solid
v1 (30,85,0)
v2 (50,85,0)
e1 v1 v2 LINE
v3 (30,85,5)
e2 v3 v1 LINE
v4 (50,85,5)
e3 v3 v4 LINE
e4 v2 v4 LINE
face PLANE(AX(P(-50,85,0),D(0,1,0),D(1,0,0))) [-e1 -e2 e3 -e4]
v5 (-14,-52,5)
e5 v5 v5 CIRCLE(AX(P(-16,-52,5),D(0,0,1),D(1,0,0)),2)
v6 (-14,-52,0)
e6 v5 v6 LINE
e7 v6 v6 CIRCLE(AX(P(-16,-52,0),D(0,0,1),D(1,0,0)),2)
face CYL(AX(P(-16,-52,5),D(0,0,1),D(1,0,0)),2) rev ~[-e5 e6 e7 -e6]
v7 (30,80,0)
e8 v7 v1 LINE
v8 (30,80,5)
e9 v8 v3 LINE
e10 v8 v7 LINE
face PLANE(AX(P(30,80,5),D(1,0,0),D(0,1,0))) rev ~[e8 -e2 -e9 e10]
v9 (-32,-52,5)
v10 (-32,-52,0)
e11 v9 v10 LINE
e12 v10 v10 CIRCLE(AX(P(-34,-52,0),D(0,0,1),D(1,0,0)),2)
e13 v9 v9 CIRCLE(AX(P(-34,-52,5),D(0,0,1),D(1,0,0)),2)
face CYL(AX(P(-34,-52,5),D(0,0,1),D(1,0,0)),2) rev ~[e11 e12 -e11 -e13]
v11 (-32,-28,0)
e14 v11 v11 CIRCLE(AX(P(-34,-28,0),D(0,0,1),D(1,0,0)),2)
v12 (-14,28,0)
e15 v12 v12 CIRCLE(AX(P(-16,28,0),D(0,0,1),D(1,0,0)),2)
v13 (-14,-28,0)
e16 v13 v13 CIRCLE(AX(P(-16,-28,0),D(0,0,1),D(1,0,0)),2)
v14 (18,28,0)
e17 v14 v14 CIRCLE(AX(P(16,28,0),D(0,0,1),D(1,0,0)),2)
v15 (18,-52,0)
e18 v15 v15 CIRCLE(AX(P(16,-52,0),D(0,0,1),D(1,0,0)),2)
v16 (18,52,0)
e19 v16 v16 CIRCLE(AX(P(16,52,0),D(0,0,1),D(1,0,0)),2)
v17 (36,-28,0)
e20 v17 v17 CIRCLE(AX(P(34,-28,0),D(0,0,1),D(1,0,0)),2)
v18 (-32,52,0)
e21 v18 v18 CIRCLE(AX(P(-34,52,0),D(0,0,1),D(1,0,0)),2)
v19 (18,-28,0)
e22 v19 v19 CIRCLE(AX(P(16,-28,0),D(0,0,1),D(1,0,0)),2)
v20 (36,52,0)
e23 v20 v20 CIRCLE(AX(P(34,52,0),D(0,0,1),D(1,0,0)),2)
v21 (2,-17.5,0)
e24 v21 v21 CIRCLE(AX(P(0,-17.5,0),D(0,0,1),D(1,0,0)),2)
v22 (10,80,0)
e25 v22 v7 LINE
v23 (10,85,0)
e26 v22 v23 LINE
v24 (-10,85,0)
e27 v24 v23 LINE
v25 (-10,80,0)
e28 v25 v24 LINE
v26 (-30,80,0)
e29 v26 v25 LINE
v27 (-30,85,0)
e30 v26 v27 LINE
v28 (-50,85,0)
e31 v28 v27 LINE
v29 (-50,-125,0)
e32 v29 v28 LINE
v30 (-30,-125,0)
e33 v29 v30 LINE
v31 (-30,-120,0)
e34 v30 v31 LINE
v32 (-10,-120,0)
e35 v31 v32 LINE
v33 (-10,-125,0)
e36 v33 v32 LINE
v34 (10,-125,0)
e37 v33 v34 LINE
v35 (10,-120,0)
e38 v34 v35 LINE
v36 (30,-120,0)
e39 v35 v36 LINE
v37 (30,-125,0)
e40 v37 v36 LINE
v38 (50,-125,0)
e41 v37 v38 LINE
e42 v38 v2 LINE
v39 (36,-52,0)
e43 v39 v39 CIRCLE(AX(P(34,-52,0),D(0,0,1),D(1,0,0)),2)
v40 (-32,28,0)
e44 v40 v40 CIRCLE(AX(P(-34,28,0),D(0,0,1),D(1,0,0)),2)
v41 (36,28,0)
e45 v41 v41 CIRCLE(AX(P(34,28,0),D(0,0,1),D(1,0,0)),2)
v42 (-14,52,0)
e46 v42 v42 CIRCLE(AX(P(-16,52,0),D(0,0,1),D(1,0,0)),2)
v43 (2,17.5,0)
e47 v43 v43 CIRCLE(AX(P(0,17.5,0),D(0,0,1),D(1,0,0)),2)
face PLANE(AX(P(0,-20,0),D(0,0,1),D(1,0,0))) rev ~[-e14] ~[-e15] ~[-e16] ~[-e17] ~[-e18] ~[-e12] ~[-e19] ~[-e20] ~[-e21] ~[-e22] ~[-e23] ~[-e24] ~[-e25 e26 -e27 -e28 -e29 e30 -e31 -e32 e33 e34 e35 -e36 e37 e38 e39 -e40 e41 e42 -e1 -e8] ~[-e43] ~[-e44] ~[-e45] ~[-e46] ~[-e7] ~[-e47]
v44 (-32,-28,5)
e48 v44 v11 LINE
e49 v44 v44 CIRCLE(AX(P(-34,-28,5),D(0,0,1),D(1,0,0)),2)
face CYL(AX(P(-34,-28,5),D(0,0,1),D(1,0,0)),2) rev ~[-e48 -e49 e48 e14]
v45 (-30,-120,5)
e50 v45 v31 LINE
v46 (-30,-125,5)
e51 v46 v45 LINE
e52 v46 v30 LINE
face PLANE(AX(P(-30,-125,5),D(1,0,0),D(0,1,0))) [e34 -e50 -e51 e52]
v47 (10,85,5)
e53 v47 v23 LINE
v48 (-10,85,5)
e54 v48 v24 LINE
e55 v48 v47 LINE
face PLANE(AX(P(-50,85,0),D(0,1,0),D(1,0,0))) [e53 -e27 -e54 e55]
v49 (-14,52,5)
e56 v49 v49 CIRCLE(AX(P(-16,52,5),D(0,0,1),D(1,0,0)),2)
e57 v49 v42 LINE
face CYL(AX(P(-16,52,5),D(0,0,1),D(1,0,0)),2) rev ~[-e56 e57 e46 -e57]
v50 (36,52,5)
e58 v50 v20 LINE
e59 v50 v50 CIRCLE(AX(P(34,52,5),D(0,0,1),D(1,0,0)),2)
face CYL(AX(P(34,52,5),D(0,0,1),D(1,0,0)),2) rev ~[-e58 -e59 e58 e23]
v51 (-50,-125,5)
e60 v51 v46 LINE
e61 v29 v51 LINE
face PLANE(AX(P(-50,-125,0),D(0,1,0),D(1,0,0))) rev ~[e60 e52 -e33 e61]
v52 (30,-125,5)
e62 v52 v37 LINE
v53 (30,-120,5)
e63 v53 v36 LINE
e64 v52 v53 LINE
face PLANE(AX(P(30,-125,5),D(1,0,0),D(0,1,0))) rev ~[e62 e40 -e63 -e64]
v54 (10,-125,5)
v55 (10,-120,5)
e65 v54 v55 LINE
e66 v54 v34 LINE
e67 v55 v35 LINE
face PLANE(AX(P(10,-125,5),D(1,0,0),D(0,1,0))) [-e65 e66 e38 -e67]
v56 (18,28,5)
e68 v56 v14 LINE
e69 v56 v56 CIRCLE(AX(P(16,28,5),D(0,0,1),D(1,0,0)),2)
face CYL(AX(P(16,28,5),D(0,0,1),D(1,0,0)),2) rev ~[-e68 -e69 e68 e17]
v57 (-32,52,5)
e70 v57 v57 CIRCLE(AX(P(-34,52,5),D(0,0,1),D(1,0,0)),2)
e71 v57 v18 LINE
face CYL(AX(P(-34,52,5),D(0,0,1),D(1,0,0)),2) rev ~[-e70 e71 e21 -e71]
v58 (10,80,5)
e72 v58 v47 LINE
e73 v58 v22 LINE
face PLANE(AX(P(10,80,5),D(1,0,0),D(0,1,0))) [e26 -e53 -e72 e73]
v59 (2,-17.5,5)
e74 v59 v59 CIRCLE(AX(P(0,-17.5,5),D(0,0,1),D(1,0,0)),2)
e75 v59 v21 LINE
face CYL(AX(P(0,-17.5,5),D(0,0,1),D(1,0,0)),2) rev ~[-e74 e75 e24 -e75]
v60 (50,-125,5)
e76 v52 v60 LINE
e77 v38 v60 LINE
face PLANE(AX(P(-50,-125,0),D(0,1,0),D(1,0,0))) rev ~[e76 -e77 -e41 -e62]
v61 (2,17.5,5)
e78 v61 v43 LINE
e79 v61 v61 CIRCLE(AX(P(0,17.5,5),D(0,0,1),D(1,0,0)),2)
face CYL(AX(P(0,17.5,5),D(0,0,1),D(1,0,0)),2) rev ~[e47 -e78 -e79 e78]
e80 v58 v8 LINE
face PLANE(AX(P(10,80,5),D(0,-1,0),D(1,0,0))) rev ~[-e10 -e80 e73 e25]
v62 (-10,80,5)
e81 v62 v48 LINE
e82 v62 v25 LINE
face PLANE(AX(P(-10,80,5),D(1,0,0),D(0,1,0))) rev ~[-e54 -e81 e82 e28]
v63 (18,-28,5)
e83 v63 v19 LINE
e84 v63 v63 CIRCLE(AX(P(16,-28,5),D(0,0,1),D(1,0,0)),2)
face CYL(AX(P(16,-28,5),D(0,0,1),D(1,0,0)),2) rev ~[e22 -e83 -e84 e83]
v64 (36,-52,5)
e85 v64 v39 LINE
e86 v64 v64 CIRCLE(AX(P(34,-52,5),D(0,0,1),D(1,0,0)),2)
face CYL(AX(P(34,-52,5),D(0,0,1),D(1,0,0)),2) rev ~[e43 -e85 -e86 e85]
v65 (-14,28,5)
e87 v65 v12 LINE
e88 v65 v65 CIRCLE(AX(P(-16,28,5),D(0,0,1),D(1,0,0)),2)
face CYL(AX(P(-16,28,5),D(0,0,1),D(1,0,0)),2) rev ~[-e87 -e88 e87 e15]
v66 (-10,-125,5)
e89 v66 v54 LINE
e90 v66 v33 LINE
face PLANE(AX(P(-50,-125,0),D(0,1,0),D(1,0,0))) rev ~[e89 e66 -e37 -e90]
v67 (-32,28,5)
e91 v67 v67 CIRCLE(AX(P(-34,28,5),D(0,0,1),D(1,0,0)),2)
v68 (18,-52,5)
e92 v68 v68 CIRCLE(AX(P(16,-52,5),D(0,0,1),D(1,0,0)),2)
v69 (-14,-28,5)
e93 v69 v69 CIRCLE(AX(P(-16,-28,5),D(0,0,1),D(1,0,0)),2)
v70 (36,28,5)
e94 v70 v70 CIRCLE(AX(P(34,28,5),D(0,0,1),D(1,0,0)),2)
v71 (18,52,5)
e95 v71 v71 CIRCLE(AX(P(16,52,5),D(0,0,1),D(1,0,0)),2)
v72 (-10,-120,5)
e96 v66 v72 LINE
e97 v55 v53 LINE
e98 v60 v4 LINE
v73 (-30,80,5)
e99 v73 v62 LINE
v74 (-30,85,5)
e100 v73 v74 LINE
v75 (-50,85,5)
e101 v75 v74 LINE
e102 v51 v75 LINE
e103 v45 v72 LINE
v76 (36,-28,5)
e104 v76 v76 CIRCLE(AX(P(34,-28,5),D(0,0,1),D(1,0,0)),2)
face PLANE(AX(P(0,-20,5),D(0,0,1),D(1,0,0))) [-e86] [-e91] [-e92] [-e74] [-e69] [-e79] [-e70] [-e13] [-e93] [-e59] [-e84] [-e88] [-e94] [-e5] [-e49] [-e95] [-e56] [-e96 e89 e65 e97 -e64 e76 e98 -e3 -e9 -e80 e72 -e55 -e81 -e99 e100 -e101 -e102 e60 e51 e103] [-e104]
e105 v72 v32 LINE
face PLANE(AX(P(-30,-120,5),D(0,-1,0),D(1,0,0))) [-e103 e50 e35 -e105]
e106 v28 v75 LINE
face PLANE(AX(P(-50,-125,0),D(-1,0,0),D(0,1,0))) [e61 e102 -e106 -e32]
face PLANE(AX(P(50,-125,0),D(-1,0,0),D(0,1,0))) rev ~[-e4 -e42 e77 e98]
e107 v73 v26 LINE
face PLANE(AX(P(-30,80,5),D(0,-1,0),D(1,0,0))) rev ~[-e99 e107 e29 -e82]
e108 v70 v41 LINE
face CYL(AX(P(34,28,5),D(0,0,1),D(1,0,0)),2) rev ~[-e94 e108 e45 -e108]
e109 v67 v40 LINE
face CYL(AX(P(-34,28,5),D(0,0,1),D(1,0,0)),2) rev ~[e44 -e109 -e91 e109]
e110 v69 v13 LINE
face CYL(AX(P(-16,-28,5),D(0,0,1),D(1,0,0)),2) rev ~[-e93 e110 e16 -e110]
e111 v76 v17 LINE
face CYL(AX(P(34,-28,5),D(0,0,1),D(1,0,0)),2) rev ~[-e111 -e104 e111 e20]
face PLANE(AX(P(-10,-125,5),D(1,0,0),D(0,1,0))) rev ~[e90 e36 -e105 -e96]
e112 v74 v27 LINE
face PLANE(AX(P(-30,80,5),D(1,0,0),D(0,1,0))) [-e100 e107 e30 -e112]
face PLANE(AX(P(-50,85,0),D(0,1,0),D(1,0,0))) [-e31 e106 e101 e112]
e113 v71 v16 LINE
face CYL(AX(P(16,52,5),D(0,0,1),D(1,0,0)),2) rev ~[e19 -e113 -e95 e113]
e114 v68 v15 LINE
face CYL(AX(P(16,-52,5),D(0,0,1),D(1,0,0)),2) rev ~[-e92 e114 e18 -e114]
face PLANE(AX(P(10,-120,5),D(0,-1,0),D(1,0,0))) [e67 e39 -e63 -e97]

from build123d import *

# Parameters (mm, degrees)
SKETCH1_W           = 100
SKETCH1_H           = 210
BOSS_EXTRUDE1_DEPTH = 5
SKETCH4_W           = 20
SKETCH4_H           = 5
CUT_EXTRUDE3_DEPTH  = 10
SKETCH5_R           = 2
CUT_EXTRUDE4_DEPTH  = 6
SKETCH7_R           = 2
CUT_EXTRUDE5_DEPTH  = 10


with BuildPart() as part:
    # Sketch1 → Boss-Extrude1 (new body)
    with BuildSketch(Plane.XY):
        with Locations((0, -20)):
            Rectangle(SKETCH1_W, SKETCH1_H)
    extrude(amount=BOSS_EXTRUDE1_DEPTH)

    # Sketch4 → Cut-Extrude3 (cut)
    with BuildSketch(Plane.XY.offset(5)):
        with Locations((-20, 82.5)):
            Rectangle(SKETCH4_W, SKETCH4_H)
        with Locations((20, 82.5)):
            Rectangle(SKETCH4_W, SKETCH4_H)
        with Locations((20, -122.5)):
            Rectangle(SKETCH4_W, SKETCH4_H)
        with Locations((-20, -122.5)):
            Rectangle(SKETCH4_W, SKETCH4_H)
    extrude(amount=-CUT_EXTRUDE3_DEPTH, mode=Mode.SUBTRACT)

    # Sketch5 → Cut-Extrude4 (cut, through all)
    with BuildSketch(Plane.XY.offset(5)):
        with Locations((34, 52)):
            Circle(SKETCH5_R)
        with Locations((16, 52)):
            Circle(SKETCH5_R)
        with Locations((16, 28)):
            Circle(SKETCH5_R)
        with Locations((34, 28)):
            Circle(SKETCH5_R)
        with Locations((-16, 28)):
            Circle(SKETCH5_R)
        with Locations((-34, 28)):
            Circle(SKETCH5_R)
        with Locations((-34, 52)):
            Circle(SKETCH5_R)
        with Locations((-16, 52)):
            Circle(SKETCH5_R)
        with Locations((-16, -52)):
            Circle(SKETCH5_R)
        with Locations((-34, -52)):
            Circle(SKETCH5_R)
        with Locations((-34, -28)):
            Circle(SKETCH5_R)
        with Locations((-16, -28)):
            Circle(SKETCH5_R)
        with Locations((16, -28)):
            Circle(SKETCH5_R)
        with Locations((34, -28)):
            Circle(SKETCH5_R)
        with Locations((34, -52)):
            Circle(SKETCH5_R)
        with Locations((16, -52)):
            Circle(SKETCH5_R)
    extrude(amount=-CUT_EXTRUDE4_DEPTH, mode=Mode.SUBTRACT)

    # Sketch7 → Cut-Extrude5 (cut)
    with BuildSketch(Plane.XY.offset(5)):
        with Locations((0, 17.5)):
            Circle(SKETCH7_R)
        with Locations((0, -17.5)):
            Circle(SKETCH7_R)
    extrude(amount=-CUT_EXTRUDE5_DEPTH, mode=Mode.SUBTRACT)


solid = part.part
